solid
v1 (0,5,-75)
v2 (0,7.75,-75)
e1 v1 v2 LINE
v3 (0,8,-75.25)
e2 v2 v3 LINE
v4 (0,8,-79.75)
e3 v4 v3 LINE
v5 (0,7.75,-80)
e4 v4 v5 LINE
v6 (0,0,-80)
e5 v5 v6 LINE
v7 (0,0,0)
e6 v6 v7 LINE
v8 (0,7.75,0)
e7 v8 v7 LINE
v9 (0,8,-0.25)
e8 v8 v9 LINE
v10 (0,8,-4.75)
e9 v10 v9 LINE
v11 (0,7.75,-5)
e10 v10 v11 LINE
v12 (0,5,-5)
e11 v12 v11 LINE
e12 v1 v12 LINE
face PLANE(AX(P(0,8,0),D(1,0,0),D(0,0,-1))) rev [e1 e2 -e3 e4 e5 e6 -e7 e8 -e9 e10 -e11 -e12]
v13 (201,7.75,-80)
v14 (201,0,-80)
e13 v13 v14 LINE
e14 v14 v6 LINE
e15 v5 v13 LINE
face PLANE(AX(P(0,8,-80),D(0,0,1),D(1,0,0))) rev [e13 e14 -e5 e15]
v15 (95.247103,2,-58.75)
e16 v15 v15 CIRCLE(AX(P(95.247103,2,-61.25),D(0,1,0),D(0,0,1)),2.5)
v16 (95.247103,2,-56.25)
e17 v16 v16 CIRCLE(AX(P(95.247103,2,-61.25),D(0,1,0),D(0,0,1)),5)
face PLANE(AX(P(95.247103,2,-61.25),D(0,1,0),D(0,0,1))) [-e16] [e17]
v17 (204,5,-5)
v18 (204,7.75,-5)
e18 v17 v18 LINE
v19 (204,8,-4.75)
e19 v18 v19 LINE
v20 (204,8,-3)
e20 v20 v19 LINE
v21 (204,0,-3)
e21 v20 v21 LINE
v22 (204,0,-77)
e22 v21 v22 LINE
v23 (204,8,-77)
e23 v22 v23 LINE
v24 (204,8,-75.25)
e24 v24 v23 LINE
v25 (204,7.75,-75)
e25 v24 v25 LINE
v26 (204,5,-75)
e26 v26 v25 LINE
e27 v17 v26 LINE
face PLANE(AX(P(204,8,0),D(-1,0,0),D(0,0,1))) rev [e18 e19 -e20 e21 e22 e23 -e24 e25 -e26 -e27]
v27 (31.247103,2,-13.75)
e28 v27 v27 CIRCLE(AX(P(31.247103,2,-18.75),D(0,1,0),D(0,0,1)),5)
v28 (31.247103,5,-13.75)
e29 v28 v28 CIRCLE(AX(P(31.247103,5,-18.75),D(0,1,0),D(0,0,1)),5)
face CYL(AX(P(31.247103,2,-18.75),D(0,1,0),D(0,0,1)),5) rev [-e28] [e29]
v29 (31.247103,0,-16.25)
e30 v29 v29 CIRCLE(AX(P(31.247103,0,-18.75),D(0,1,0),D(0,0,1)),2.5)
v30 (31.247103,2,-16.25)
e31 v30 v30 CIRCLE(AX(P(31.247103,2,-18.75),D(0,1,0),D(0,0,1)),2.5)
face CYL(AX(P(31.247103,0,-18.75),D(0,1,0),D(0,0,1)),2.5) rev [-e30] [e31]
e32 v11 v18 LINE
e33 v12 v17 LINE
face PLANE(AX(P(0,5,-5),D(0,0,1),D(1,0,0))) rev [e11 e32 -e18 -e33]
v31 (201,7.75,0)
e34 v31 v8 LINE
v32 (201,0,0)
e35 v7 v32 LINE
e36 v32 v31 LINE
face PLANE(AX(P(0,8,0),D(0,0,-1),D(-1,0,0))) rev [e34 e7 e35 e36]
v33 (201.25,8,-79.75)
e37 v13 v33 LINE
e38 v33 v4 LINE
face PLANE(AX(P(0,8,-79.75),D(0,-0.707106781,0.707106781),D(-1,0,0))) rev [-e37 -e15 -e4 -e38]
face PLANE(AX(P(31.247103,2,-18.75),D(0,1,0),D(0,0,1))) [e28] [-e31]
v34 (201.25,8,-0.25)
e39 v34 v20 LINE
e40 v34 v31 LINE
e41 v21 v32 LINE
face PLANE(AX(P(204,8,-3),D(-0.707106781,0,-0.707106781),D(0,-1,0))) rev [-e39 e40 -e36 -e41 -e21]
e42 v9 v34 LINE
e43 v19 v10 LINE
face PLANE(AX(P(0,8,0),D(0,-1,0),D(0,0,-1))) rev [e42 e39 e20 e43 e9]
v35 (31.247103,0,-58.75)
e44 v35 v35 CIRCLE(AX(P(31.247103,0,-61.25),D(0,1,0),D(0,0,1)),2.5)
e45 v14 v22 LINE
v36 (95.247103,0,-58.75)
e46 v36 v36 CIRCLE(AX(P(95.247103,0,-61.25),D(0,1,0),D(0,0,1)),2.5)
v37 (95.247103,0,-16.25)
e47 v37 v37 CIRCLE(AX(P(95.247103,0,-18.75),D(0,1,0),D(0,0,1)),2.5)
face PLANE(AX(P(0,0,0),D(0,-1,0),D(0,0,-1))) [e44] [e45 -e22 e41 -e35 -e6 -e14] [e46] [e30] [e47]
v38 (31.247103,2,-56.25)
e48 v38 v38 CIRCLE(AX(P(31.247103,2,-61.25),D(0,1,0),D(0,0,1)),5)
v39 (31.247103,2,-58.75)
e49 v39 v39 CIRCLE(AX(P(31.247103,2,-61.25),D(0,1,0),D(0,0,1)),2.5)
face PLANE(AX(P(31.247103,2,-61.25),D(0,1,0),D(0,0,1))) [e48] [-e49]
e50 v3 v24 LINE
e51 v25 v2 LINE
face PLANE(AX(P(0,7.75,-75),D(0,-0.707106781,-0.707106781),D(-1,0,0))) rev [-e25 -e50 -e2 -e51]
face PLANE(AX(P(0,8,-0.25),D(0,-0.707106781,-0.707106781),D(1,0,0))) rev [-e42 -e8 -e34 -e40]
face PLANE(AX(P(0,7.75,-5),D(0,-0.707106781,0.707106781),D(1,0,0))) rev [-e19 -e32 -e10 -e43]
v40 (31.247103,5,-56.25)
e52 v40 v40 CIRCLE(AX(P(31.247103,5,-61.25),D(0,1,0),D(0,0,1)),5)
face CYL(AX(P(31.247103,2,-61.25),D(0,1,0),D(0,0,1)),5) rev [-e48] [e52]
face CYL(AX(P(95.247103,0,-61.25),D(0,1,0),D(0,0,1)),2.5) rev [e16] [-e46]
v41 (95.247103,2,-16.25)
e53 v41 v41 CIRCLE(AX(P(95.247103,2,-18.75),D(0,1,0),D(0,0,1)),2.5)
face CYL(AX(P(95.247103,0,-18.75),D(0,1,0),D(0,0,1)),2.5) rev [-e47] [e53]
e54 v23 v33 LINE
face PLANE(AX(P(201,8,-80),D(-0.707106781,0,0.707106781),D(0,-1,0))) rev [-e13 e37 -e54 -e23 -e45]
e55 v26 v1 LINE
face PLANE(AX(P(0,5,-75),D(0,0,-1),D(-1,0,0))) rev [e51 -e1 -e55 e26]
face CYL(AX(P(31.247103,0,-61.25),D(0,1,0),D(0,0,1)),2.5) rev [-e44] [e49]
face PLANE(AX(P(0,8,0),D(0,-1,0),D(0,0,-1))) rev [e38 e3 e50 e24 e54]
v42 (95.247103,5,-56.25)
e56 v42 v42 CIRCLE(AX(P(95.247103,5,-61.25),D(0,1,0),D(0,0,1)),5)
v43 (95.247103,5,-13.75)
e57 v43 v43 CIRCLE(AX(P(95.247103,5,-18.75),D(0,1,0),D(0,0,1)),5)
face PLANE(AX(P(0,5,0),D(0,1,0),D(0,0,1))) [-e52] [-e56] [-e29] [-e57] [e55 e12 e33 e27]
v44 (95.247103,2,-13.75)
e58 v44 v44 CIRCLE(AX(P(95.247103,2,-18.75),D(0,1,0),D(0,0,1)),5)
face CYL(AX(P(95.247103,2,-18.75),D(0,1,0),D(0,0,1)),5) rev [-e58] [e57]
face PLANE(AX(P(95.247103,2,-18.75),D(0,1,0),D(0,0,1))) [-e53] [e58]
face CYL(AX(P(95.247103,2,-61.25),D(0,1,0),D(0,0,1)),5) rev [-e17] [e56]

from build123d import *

# Parameters (mm, degrees)
SKETCH1_W           = 204
SKETCH1_H           = 80
BOSS_EXTRUDE1_DEPTH = 8
SKETCH2_W           = 204
SKETCH2_H           = 70
CUT_EXTRUDE1_DEPTH  = 3
SKETCH3_R           = 5
CUT_EXTRUDE2_DEPTH  = 3
SKETCH4_R           = 2.5
CUT_EXTRUDE3_DEPTH  = 3
CHAMFER1_SIZE       = 3
CHAMFER2_SIZE       = 0.25


with BuildPart() as part:
    # Sketch1 → Boss-Extrude1 (new body)
    with BuildSketch(Plane(origin=(0, 0, 0), x_dir=(1, 0, 0), z_dir=(0, 1, 0))):
        with Locations((102, 40)):
            Rectangle(SKETCH1_W, SKETCH1_H)
    extrude(amount=BOSS_EXTRUDE1_DEPTH)

    # Sketch2 → Cut-Extrude1 (cut)
    with BuildSketch(Plane(origin=(0, 8, 0), x_dir=(1, 0, 0), z_dir=(0, 1, 0))):
        with Locations((102, 40)):
            Rectangle(SKETCH2_W, SKETCH2_H)
    extrude(amount=-CUT_EXTRUDE1_DEPTH, mode=Mode.SUBTRACT)

    # Sketch3 → Cut-Extrude2 (cut)
    with BuildSketch(Plane(origin=(0, 5, 0), x_dir=(1, 0, 0), z_dir=(0, 1, 0))):
        with Locations((31.247103349, 61.25)):
            Circle(SKETCH3_R)
        with Locations((95.247103349, 61.25)):
            Circle(SKETCH3_R)
        with Locations((31.247103349, 18.75)):
            Circle(SKETCH3_R)
        with Locations((95.247103349, 18.75)):
            Circle(SKETCH3_R)
    extrude(amount=-CUT_EXTRUDE2_DEPTH, mode=Mode.SUBTRACT)

    # Sketch4 → Cut-Extrude3 (cut, through all)
    with BuildSketch(Plane(origin=(0, 2, 0), x_dir=(1, 0, 0), z_dir=(0, 1, 0))):
        with Locations((31.247103349, 61.25)):
            Circle(SKETCH4_R)
        with Locations((95.247103349, 61.25)):
            Circle(SKETCH4_R)
        with Locations((95.247103349, 18.75)):
            Circle(SKETCH4_R)
        with Locations((31.247103349, 18.75)):
            Circle(SKETCH4_R)
    extrude(amount=-CUT_EXTRUDE3_DEPTH, mode=Mode.SUBTRACT)

    # Chamfer1
    chamfer1_edges = [part.edges().sort_by_distance(p)[0] for p in [
        (204, 4, -80),
        (204, 4, 0),
    ]]
    chamfer(chamfer1_edges, length=CHAMFER1_SIZE)

    # Chamfer2
    chamfer2_edges = [part.edges().sort_by_distance(p)[0] for p in [
        (102, 8, -5),
        (102, 8, -75),
        (100.5, 8, -80),
        (100.5, 8, 0),
    ]]
    chamfer(chamfer2_edges, length=CHAMFER2_SIZE)


solid = part.part
